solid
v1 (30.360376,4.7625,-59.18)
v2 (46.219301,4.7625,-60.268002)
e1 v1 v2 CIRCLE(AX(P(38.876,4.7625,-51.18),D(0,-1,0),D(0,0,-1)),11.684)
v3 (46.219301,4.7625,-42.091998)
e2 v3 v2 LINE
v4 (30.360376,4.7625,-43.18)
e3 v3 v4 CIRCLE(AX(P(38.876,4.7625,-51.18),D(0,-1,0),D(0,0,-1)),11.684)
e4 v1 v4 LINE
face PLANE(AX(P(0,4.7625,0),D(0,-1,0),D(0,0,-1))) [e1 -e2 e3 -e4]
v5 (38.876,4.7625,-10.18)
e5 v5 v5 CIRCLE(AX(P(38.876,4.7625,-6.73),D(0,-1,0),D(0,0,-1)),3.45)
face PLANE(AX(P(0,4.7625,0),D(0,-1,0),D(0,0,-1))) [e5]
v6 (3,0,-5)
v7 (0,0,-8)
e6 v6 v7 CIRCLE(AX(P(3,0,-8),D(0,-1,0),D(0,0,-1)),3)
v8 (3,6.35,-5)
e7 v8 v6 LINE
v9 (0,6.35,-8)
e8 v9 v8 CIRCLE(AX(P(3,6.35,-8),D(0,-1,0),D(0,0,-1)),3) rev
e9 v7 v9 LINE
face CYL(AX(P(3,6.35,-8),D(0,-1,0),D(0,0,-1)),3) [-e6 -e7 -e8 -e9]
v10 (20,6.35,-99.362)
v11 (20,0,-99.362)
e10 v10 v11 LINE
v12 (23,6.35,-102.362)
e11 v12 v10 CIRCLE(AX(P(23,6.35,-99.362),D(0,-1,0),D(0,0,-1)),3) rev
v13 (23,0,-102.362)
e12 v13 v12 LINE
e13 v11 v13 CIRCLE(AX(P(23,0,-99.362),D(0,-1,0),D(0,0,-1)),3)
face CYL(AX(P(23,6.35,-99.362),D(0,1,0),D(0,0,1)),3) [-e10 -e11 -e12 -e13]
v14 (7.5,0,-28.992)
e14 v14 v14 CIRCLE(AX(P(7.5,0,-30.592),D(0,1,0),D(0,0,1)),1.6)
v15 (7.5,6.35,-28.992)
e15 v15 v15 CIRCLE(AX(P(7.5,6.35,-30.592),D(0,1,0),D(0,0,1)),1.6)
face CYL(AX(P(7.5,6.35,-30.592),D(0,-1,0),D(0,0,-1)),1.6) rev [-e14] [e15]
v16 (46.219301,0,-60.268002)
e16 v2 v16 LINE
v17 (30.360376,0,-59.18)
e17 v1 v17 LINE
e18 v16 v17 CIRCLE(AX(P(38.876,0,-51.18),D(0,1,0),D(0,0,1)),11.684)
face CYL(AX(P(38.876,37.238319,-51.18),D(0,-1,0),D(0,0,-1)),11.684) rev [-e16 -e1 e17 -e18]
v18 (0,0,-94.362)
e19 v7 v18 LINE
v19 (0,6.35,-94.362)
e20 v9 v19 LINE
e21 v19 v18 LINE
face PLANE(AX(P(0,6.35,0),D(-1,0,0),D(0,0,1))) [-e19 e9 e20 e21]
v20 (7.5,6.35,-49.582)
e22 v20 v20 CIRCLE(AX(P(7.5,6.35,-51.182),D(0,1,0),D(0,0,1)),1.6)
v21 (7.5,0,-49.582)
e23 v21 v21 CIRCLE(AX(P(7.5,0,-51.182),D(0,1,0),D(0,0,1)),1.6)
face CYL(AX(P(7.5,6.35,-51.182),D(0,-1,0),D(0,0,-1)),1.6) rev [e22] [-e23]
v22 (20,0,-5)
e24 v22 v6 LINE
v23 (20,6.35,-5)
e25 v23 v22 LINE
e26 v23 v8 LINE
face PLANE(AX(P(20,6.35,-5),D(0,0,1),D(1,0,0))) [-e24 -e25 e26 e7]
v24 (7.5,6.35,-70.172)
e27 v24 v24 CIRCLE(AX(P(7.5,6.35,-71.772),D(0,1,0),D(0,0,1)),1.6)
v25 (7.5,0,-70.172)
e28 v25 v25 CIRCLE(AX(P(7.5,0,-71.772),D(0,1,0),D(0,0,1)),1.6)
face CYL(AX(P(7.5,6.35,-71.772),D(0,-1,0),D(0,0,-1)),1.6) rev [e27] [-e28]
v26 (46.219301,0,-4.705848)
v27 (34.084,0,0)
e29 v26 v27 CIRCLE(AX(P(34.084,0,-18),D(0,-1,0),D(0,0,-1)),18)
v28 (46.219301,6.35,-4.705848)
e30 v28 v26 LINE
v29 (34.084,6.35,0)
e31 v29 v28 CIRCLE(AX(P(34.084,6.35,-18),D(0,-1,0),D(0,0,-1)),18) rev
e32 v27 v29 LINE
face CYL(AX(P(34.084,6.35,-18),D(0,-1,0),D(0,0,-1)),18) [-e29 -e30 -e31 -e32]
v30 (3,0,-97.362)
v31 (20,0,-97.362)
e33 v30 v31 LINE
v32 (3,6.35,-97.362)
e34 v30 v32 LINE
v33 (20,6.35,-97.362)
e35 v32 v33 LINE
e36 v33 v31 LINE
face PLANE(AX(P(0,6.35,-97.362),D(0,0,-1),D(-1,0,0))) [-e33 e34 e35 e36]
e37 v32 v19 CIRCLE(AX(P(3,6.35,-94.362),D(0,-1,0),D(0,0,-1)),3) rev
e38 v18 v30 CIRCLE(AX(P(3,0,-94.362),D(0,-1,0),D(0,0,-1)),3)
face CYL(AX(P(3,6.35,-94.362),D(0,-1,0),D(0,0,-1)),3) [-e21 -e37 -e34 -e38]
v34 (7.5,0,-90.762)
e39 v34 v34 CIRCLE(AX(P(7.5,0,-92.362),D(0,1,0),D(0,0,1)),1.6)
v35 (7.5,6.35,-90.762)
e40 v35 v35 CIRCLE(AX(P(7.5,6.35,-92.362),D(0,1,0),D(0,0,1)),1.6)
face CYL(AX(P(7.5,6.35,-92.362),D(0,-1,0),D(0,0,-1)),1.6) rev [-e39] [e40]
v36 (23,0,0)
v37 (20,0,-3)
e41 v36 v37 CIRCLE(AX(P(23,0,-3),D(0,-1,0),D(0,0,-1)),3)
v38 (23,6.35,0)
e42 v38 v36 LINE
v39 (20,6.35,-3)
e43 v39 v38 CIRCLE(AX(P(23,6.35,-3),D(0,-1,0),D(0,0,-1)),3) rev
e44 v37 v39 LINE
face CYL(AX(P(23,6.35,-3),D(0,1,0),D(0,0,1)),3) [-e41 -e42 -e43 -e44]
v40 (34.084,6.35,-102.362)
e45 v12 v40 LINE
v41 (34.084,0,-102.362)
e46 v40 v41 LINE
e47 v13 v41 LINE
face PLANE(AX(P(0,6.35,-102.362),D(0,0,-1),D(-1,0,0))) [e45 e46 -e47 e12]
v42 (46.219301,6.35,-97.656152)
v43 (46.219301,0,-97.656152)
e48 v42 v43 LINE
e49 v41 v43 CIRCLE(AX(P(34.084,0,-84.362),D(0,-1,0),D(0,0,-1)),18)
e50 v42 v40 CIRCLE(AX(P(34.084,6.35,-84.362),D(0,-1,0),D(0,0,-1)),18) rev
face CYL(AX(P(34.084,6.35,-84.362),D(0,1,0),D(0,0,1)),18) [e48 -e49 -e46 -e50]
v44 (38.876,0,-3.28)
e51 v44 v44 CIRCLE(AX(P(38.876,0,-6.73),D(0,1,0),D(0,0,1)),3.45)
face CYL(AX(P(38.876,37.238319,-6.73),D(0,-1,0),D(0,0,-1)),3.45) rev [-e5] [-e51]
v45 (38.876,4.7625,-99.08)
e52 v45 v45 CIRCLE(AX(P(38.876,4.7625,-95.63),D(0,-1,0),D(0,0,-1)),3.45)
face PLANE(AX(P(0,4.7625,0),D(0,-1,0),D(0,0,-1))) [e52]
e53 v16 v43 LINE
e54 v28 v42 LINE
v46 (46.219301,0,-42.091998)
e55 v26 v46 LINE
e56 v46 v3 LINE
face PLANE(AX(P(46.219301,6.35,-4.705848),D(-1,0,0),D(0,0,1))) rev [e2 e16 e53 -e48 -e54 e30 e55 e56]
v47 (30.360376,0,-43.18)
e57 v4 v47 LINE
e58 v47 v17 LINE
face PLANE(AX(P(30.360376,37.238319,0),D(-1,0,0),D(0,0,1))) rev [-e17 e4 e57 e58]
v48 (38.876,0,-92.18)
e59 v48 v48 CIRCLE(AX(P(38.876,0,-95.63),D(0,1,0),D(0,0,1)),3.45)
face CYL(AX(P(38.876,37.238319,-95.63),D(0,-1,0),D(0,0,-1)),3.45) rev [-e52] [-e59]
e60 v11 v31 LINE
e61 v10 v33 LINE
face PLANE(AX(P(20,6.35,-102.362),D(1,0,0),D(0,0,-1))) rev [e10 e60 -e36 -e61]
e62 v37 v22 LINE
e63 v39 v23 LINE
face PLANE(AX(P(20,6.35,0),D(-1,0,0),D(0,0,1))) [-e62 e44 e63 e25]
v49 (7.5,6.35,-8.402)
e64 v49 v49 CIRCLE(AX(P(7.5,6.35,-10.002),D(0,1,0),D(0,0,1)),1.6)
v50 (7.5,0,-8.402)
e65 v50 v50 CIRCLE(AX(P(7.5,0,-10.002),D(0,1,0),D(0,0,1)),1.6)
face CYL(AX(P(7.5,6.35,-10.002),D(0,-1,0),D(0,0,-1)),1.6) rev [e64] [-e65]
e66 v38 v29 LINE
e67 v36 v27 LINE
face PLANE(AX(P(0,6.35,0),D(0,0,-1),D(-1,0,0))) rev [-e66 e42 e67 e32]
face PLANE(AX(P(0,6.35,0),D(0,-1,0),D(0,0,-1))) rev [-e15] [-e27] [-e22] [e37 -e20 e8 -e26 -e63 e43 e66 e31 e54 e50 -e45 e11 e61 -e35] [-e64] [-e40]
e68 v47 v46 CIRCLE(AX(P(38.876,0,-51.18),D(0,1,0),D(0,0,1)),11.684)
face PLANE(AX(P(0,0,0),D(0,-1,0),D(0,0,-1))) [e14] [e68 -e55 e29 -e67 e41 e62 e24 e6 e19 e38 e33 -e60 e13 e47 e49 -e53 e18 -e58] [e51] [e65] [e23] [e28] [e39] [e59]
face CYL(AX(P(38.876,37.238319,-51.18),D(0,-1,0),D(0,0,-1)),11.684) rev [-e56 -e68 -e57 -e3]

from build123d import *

# Parameters (mm, degrees)
SKETCH1_W           = 52.084
SKETCH1_H           = 102.362
BOSS_EXTRUDE1_DEPTH = 6.35
SKETCH1_4_R         = 1.6
CUT_EXTRUDE2_DEPTH  = 116.026277867
SKETCH1_5_R         = 3.45
CUT_EXTRUDE3_DEPTH  = 4.7625
FILLET1_R           = 18
SKETCH1_7_W         = 20
SKETCH1_7_H         = 5
CUT_EXTRUDE4_DEPTH  = 116.026277867
FILLET4_R           = 3
SKETCH3_W           = 22.451753575
SKETCH3_H           = 92.950303638
CUT_EXTRUDE6_DEPTH  = 6.35


with BuildPart() as part:
    # Sketch1 → Boss-Extrude1 (new body)
    with BuildSketch(Plane(origin=(0, 0, 0), x_dir=(1, 0, 0), z_dir=(0, 1, 0))):
        with Locations((26.042, 51.181)):
            Rectangle(SKETCH1_W, SKETCH1_H)
    extrude(amount=BOSS_EXTRUDE1_DEPTH)

    # Sketch1<4> → Cut-Extrude2 (cut, through all)
    with BuildSketch(Plane(origin=(0, 0, 0), x_dir=(1, 0, 0), z_dir=(0, 1, 0))):
        with BuildLine():
            ThreePointArc((9.1, 71.772), (8.63137085, 72.90337085), (7.5, 73.372))
            Line((7.5, 73.372), (7.5, 70.172))
            ThreePointArc((7.5, 70.172), (8.63137085, 70.64062915), (9.1, 71.772))
        make_face()
        with BuildLine():
            Line((7.5, 70.172), (7.5, 73.372))
            ThreePointArc((7.5, 73.372), (5.9, 71.772), (7.5, 70.172))
        make_face()
        with Locations(Location((7.5, 92.362, 0), (0, 0, 270))):
            Circle(SKETCH1_4_R)
        with Locations(Location((7.5, 51.182, 0), (0, 0, 270))):
            Circle(SKETCH1_4_R)
        with Locations(Location((7.5, 30.592, 0), (0, 0, 270))):
            Circle(SKETCH1_4_R)
        with Locations(Location((7.5, 10.002, 0), (0, 0, 270))):
            Circle(SKETCH1_4_R)
    extrude(amount=CUT_EXTRUDE2_DEPTH, mode=Mode.SUBTRACT)

    # Sketch1<5> → Cut-Extrude3 (cut)
    with BuildSketch(Plane(origin=(0, 0, 0), x_dir=(1, 0, 0), z_dir=(0, 1, 0))):
        with Locations(Location((38.876, 95.63, 0), (0, 0, 90))):
            Circle(SKETCH1_5_R)
        with Locations(Location((38.876, 6.73, 0), (0, 0, 90))):
            Circle(SKETCH1_5_R)
        with BuildLine():
            Line((30.360375772, 43.18), (30.360375772, 59.18))
            ThreePointArc((30.360375772, 59.18), (50.56, 51.18), (30.360375772, 43.18))
        make_face()
    extrude(amount=CUT_EXTRUDE3_DEPTH, mode=Mode.SUBTRACT)

    # Fillet1
    fillet1_edges = [part.edges().sort_by_distance(p)[0] for p in [
        (52.084, 3.175, 0),
        (52.084, 3.175, -102.362),
    ]]
    fillet(fillet1_edges, radius=FILLET1_R)

    # Sketch1<7> → Cut-Extrude4 (cut, through all)
    with BuildSketch(Plane(origin=(0, 0, 0), x_dir=(1, 0, 0), z_dir=(0, 1, 0))):
        with Locations((10, 2.5)):
            Rectangle(SKETCH1_7_W, SKETCH1_7_H)
        with Locations((10, 99.862)):
            Rectangle(SKETCH1_7_W, SKETCH1_7_H)
    extrude(amount=CUT_EXTRUDE4_DEPTH, mode=Mode.SUBTRACT)

    # Fillet4
    fillet4_edges = [part.edges().sort_by_distance(p)[0] for p in [
        (0, 3.175, -5),
        (20, 3.175, 0),
        (0, 3.175, -97.362),
        (20, 3.175, -102.362),
    ]]
    fillet(fillet4_edges, radius=FILLET4_R)

    # Sketch3 → Cut-Extrude6 (cut)
    with BuildSketch(Plane.XZ):
        with Locations((57.445177666, -51.181)):
            Rectangle(SKETCH3_W, SKETCH3_H)
    extrude(amount=-CUT_EXTRUDE6_DEPTH, mode=Mode.SUBTRACT)


solid = part.part
